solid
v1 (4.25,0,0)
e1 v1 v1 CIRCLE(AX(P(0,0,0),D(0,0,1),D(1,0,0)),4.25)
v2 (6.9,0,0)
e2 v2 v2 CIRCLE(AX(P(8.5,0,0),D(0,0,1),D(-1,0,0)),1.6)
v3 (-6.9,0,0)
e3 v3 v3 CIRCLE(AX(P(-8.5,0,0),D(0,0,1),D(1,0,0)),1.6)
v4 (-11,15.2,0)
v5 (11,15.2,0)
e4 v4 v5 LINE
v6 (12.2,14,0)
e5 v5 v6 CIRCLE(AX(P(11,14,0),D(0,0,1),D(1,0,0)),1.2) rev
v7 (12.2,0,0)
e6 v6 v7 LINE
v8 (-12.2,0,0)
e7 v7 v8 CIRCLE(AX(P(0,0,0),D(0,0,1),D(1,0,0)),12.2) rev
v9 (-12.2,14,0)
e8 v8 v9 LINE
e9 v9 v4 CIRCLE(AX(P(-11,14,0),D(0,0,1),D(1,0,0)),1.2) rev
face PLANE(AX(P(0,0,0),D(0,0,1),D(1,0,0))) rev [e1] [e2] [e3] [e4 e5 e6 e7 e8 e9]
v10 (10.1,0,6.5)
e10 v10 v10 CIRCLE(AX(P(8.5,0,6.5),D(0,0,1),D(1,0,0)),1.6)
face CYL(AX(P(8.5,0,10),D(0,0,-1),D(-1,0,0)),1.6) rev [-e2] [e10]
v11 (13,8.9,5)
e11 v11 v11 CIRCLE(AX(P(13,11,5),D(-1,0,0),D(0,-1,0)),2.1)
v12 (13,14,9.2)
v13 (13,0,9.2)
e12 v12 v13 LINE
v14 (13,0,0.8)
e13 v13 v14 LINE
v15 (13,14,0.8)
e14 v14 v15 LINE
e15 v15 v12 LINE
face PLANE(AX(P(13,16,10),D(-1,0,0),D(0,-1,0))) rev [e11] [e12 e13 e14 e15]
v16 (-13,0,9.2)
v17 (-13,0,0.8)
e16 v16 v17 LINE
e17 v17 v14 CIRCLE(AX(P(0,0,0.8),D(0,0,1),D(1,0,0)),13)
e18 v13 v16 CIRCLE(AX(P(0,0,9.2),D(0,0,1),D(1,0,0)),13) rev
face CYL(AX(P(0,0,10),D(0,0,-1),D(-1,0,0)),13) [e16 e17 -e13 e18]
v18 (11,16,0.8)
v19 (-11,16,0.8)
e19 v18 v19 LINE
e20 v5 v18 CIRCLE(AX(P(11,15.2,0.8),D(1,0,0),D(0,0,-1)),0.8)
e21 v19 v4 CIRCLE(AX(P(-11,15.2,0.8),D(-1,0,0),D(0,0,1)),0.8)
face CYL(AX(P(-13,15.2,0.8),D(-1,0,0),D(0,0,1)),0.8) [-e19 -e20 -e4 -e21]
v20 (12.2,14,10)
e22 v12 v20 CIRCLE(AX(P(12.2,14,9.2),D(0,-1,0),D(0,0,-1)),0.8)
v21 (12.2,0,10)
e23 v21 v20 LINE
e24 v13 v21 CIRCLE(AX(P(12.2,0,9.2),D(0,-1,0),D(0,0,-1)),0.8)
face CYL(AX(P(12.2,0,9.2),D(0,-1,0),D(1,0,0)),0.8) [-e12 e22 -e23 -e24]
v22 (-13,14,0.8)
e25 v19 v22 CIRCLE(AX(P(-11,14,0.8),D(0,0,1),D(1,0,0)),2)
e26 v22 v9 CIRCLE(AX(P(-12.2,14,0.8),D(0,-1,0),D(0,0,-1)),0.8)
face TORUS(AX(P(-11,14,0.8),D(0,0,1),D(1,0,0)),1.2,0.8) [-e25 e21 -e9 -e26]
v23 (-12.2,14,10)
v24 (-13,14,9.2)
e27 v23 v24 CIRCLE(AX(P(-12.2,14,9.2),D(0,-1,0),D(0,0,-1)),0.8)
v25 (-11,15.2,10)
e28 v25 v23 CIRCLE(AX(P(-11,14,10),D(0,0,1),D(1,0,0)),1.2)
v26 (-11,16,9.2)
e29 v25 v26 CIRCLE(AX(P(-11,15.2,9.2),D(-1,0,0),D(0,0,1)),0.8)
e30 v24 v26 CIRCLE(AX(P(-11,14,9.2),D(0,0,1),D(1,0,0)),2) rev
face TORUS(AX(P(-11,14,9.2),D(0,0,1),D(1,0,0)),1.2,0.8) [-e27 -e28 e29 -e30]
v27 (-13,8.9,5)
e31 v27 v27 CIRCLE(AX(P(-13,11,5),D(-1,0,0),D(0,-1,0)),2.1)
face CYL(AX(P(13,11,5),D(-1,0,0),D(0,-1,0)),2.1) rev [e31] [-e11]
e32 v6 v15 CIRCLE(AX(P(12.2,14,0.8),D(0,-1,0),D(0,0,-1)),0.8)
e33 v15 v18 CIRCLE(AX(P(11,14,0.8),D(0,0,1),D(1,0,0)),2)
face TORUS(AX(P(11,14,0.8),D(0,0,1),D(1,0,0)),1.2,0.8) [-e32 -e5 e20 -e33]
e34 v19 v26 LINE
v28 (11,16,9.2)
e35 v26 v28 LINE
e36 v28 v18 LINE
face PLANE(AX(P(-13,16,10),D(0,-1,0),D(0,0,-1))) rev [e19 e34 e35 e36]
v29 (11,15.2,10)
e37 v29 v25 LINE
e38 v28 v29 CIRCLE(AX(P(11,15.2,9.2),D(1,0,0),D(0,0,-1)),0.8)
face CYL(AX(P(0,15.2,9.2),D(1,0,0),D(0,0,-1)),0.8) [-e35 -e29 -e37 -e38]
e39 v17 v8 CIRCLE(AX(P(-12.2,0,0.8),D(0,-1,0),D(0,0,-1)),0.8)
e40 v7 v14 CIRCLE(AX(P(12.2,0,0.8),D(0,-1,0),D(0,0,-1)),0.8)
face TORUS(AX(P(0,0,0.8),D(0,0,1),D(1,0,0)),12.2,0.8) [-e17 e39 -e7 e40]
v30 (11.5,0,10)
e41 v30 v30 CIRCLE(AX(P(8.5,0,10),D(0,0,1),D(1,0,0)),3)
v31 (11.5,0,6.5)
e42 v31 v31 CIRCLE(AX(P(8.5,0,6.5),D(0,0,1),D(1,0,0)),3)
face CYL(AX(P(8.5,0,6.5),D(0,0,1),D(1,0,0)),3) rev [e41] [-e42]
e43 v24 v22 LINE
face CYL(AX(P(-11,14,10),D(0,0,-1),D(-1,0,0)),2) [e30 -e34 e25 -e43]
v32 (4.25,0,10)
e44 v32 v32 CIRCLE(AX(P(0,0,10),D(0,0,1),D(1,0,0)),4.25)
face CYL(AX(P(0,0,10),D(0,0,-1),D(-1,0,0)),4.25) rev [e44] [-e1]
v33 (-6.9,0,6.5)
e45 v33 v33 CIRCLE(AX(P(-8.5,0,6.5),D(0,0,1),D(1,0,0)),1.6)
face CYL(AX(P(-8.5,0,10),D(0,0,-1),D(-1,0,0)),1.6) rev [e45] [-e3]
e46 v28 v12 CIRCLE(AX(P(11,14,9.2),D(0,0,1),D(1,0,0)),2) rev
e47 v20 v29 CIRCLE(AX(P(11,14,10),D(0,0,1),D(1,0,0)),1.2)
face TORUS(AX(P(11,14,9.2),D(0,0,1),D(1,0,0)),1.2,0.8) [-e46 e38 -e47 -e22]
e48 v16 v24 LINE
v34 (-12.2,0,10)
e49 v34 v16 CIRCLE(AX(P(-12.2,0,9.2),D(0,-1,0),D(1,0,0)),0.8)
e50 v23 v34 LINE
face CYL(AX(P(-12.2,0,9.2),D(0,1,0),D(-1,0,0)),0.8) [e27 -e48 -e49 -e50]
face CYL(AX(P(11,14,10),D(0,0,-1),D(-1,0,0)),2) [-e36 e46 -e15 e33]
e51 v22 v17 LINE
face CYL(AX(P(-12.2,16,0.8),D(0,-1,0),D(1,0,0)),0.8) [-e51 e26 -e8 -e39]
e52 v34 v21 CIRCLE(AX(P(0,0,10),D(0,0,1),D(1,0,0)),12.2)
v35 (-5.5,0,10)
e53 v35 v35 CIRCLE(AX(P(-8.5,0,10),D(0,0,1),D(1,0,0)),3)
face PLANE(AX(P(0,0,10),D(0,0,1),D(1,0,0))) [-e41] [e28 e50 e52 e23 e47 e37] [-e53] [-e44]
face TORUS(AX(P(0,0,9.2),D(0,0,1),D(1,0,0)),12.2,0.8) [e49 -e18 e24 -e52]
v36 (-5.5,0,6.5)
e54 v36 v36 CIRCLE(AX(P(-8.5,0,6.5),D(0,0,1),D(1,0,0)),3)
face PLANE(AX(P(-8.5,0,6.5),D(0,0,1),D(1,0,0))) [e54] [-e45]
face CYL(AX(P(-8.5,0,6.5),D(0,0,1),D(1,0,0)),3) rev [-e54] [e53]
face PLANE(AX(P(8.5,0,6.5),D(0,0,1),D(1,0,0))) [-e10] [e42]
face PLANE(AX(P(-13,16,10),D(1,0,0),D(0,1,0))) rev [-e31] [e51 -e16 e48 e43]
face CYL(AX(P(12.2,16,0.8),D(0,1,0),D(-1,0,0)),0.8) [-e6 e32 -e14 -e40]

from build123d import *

# Parameters (mm, degrees)
ESQUISSE1_R             = 1.6
ESQUISSE1_R_2           = 4.25
BOSS_EXTRU_1_DEPTH      = 10
ESQUISSE2_R             = 3
ENL_V_MAT_EXTRU_1_DEPTH = 3.5
ESQUISSE3_R             = 2.1
ENL_V_MAT_EXTRU_2_DEPTH = 33.124756808
CONG_1_R                = 2
CONG_2_R                = 0.8


with BuildPart() as part:
    # Esquisse1 → Boss.-Extru.1 (new body)
    with BuildSketch(Plane.XY):
        with BuildLine():
            Line((-13, 16), (13, 16))
            Line((13, 16), (13, 0))
            ThreePointArc((13, 0), (0, -13), (-13, 0))
            Line((-13, 0), (-13, 16))
        make_face()
        with Locations((-8.5, 0)):
            Circle(ESQUISSE1_R, mode=Mode.SUBTRACT)
        with Locations(Location((8.5, 0, 0), (0, 0, 180))):
            Circle(ESQUISSE1_R, mode=Mode.SUBTRACT)
        Circle(ESQUISSE1_R_2, mode=Mode.SUBTRACT)
    extrude(amount=BOSS_EXTRU_1_DEPTH)

    # Esquisse2 → Enlèv. mat.-Extru.1 (cut)
    with BuildSketch(Plane.XY.offset(10)):
        with Locations((-8.5, 0)):
            Circle(ESQUISSE2_R)
        with Locations((8.5, 0)):
            Circle(ESQUISSE2_R)
    extrude(amount=-ENL_V_MAT_EXTRU_1_DEPTH, mode=Mode.SUBTRACT)

    # Esquisse3 → Enlèv. mat.-Extru.2 (cut, through all)
    with BuildSketch(Plane.ZY.offset(13)):
        with Locations(Location((5, 11, 0), (0, 0, 270))):
            Circle(ESQUISSE3_R)
    extrude(amount=-ENL_V_MAT_EXTRU_2_DEPTH, mode=Mode.SUBTRACT)

    # Congé1
    cong_1_edges = [part.edges().sort_by_distance(p)[0] for p in [
        (-13, 16, 5),
        (13, 16, 5),
    ]]
    fillet(cong_1_edges, radius=CONG_1_R)

    # Congé2
    cong_2_edges = [part.edges().sort_by_distance(p)[0] for p in [
        (13, 7, 10),
        (0, 16, 0),
        (0, 16, 10),
        (-13, 7, 0),
        (-12.414213562, 15.414213562, 0),
        (12.414213562, 15.414213562, 0),
        (-13, 7, 10),
        (-12.414213562, 15.414213562, 10),
        (12.414213562, 15.414213562, 10),
        (13, 7, 0),
        (0, -13, 0),
        (0, -13, 10),
    ]]
    fillet(cong_2_edges, radius=CONG_2_R)


solid = part.part
